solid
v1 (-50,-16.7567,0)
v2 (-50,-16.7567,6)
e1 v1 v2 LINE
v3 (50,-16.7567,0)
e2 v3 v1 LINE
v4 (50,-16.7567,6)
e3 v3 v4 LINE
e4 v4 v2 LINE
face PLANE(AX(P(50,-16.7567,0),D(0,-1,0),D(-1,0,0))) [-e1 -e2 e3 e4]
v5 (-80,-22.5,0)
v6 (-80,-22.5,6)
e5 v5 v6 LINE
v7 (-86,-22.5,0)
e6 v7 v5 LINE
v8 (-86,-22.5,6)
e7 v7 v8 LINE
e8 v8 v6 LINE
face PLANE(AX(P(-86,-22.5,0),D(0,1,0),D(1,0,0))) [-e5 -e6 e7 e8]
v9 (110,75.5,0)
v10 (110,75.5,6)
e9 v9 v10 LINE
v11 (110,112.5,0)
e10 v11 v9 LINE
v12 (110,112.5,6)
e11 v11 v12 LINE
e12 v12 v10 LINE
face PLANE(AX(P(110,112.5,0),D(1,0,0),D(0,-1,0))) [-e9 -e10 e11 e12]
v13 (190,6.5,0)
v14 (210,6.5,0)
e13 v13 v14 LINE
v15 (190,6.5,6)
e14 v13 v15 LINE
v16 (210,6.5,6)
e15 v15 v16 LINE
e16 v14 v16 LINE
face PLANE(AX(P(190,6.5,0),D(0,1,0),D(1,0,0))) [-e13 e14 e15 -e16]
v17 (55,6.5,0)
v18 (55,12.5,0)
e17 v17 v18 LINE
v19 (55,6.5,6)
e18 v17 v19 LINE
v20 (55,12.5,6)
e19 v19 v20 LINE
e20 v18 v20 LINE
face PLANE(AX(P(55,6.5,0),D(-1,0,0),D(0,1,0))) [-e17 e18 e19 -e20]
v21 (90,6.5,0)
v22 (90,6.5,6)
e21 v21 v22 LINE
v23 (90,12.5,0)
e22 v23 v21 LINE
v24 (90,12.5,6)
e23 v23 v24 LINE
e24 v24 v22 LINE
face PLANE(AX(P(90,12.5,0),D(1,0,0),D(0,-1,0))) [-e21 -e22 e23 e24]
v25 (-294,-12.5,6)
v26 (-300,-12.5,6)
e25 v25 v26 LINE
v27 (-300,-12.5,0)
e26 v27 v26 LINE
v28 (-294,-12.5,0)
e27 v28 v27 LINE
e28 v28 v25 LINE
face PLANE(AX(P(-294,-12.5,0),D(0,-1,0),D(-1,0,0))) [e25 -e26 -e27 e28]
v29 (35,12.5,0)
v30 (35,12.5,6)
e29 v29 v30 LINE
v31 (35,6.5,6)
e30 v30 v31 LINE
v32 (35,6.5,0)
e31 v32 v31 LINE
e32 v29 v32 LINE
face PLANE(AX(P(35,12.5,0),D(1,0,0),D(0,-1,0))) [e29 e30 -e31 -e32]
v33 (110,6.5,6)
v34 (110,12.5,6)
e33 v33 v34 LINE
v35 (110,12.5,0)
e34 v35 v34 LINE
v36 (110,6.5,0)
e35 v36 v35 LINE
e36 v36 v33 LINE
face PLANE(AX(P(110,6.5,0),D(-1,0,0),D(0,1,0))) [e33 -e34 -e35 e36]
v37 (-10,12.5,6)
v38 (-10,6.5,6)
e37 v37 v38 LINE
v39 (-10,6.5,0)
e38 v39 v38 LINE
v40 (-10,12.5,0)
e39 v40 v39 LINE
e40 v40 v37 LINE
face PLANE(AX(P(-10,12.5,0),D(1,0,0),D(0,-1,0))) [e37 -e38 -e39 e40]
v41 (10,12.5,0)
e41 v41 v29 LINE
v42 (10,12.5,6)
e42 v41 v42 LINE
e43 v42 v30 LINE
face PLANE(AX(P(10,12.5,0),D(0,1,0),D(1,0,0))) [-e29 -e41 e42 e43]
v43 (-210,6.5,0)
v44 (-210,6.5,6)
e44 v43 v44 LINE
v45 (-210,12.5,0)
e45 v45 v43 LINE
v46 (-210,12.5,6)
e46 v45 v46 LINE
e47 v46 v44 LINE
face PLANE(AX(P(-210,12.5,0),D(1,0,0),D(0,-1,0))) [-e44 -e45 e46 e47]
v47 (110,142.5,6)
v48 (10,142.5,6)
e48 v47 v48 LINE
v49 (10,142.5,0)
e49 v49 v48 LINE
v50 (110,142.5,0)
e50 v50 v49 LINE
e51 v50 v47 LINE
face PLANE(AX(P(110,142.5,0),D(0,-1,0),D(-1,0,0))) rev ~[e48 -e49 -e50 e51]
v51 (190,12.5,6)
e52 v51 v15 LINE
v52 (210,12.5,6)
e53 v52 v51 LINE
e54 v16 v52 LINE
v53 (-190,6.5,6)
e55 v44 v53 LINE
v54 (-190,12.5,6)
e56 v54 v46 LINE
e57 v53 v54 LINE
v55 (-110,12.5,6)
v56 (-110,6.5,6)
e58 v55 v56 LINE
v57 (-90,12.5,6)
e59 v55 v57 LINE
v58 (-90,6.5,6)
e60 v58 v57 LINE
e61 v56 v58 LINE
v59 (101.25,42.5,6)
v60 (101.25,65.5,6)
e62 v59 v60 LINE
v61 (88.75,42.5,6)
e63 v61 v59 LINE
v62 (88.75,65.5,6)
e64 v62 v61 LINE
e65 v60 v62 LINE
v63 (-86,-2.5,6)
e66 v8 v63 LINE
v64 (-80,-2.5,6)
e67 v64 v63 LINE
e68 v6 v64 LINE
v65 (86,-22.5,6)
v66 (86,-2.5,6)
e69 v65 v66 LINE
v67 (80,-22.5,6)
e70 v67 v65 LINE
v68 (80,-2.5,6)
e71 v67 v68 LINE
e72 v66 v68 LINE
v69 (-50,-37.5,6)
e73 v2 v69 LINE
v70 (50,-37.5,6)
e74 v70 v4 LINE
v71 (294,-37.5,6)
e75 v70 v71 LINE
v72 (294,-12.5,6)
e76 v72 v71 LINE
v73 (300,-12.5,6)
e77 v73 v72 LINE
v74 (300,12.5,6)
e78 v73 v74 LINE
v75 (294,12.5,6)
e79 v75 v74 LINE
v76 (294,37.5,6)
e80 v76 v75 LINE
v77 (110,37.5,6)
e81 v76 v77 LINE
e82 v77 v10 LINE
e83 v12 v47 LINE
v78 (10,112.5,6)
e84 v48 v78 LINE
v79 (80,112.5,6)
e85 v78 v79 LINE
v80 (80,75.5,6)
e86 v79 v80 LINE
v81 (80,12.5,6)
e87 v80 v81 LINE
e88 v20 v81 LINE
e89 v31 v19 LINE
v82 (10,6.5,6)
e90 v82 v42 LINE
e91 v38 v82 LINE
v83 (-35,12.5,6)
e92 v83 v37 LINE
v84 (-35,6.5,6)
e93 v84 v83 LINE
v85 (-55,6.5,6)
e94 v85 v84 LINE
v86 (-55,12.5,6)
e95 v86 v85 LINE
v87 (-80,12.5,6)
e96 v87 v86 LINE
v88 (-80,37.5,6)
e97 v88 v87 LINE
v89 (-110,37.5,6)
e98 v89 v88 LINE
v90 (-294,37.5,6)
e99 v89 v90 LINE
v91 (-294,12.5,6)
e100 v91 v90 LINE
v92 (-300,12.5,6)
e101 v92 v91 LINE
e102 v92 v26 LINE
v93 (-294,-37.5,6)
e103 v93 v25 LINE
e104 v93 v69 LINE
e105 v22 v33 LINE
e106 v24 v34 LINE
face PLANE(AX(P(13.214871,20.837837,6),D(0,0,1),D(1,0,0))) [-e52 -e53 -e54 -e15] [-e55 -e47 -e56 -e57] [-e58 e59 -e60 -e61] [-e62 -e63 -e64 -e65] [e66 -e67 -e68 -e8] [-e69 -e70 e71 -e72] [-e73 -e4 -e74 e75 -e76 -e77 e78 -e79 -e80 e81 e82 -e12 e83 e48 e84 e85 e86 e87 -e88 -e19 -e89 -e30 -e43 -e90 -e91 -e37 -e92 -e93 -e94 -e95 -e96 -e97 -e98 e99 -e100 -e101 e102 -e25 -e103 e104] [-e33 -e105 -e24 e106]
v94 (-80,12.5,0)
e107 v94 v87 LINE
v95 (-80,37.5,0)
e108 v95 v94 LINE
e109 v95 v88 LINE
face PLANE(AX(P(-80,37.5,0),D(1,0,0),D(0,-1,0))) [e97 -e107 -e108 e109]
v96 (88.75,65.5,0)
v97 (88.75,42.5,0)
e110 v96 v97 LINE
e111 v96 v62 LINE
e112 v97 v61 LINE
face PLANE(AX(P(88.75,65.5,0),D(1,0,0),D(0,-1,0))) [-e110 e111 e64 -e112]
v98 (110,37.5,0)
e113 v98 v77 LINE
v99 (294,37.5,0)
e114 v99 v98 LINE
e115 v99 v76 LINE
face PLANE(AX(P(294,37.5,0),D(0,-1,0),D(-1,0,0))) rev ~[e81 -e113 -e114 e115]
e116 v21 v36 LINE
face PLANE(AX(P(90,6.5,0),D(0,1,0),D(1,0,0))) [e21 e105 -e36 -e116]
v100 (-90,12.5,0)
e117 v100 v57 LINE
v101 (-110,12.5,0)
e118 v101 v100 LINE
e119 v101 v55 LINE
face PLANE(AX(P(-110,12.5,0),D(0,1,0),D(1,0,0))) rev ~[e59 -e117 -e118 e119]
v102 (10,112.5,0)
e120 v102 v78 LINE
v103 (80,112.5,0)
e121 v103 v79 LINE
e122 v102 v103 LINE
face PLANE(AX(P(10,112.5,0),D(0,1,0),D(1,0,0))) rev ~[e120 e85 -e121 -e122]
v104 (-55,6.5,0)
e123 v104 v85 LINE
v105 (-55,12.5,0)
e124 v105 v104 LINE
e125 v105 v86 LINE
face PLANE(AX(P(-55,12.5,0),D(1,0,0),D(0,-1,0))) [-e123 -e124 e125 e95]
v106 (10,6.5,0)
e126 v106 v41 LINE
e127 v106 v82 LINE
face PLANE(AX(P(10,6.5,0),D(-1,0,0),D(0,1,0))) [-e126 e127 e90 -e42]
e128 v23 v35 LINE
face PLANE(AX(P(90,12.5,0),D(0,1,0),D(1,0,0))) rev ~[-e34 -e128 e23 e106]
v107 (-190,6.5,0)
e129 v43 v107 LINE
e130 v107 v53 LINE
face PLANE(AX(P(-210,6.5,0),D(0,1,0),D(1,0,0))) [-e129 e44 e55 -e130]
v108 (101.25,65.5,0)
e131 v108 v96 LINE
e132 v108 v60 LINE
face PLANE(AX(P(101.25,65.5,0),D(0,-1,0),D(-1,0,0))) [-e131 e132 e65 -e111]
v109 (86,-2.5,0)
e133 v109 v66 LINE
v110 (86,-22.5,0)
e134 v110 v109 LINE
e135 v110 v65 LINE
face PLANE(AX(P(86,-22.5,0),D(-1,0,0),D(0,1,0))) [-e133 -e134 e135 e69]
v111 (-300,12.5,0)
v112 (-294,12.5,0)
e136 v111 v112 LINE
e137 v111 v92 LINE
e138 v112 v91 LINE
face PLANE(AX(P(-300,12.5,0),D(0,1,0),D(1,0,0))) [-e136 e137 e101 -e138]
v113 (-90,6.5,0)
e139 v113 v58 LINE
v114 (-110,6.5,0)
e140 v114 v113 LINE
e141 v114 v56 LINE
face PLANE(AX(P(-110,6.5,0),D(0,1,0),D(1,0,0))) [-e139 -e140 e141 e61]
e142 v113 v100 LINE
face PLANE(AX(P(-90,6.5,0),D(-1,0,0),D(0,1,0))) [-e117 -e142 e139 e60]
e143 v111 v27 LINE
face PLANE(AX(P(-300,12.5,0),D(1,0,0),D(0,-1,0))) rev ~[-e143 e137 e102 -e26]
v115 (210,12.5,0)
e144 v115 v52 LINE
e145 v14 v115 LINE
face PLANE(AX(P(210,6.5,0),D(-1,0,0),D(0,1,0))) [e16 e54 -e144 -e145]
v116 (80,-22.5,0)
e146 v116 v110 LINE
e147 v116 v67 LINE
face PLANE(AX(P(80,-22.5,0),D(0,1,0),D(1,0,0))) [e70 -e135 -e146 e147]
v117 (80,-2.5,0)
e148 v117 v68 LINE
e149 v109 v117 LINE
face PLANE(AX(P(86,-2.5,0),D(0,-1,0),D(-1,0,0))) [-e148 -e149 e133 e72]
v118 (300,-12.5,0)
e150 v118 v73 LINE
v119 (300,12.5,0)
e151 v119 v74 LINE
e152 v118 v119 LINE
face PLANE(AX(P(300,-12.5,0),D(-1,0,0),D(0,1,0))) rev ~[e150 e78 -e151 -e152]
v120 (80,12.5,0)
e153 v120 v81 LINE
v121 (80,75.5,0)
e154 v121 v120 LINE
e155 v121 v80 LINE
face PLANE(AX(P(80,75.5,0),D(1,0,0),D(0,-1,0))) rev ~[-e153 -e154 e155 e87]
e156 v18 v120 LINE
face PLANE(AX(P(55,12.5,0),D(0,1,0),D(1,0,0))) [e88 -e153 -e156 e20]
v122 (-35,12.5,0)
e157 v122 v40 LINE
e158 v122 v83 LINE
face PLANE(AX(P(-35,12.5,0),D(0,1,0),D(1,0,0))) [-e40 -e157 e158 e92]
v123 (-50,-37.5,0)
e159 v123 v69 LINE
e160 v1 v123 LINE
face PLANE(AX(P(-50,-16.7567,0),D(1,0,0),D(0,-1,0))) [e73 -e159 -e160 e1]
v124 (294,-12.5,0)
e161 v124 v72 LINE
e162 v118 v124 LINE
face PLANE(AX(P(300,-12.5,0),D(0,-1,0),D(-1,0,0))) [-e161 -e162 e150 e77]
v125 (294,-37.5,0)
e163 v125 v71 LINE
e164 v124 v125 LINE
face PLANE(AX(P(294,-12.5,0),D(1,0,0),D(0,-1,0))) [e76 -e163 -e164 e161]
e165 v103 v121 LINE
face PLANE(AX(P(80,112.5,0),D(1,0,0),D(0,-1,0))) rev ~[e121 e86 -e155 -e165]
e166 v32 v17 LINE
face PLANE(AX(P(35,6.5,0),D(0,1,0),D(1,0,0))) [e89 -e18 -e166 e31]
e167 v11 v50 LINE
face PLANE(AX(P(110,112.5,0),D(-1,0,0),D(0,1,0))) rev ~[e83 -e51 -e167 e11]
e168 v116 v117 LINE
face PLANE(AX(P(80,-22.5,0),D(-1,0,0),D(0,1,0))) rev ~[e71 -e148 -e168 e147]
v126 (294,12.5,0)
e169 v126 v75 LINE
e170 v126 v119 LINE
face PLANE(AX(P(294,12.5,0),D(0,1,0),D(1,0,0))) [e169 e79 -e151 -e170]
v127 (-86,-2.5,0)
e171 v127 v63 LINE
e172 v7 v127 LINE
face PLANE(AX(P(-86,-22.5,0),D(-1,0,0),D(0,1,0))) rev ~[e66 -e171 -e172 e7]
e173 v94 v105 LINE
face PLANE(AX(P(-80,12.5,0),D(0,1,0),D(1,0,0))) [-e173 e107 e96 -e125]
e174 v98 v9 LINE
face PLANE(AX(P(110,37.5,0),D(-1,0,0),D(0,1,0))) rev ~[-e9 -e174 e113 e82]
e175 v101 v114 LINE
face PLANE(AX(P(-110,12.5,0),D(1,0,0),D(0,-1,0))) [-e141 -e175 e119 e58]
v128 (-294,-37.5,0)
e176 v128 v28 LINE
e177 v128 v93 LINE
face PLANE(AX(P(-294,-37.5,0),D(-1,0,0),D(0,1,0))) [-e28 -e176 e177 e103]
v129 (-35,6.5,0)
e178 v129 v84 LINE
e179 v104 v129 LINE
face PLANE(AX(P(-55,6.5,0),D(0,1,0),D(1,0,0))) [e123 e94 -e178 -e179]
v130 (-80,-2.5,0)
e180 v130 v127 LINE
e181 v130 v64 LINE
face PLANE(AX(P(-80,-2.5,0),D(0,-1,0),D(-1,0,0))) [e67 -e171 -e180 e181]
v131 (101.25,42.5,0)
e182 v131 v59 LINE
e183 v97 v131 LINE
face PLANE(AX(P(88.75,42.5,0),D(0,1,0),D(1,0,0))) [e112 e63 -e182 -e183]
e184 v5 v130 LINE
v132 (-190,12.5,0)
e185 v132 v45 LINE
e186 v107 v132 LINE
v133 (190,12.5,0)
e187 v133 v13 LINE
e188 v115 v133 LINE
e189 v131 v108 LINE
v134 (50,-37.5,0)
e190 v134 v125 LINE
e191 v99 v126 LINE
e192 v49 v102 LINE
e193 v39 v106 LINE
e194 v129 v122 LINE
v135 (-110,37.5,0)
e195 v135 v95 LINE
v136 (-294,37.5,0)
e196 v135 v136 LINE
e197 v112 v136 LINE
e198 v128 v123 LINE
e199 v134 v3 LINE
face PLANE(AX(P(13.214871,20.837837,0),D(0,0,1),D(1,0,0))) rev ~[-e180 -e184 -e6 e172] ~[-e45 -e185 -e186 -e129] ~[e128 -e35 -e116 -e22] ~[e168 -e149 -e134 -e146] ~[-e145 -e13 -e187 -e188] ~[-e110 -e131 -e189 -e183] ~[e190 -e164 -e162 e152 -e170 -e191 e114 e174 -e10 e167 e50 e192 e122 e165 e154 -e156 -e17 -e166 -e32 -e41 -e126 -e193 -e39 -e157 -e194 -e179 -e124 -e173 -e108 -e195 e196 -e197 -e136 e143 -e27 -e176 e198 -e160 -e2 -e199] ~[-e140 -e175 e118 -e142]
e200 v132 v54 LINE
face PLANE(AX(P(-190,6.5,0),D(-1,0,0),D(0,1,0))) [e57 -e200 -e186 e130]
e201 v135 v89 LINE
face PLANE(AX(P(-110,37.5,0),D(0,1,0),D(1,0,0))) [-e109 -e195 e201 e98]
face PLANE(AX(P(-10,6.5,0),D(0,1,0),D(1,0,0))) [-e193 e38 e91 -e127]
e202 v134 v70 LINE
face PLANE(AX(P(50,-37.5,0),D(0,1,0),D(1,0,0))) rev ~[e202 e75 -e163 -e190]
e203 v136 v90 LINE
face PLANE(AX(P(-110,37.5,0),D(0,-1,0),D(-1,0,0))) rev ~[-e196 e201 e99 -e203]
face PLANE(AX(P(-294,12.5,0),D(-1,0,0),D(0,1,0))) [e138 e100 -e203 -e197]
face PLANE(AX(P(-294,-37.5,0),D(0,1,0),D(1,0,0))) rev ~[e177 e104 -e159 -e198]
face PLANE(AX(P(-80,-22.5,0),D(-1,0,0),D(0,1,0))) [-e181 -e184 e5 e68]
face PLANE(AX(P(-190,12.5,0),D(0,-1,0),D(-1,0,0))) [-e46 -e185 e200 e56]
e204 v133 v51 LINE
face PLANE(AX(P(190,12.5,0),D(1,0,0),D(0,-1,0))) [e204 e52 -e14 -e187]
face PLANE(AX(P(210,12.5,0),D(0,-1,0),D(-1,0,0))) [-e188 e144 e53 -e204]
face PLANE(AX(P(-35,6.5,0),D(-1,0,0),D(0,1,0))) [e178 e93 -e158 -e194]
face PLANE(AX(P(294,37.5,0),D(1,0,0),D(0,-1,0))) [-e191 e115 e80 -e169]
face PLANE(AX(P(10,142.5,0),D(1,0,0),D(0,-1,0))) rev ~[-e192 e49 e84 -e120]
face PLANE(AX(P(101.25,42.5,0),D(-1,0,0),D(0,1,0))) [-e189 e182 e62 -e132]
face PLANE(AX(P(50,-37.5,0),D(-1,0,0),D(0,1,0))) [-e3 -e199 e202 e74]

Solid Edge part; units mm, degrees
sketch "Sketch1" plane through (0, 0, 0) normal (0, 0, 1) x (1, 0, 0)
  line L0 (-110, 6.5) -> (-90, 6.5)
  line L1 (-90, 6.5) -> (-90, 12.5)
  line L2 (-110, 12.5) -> (-90, 12.5)
  line L3 (-110, 12.5) -> (-110, 6.5)
  line L4 (110, 142.5) -> (10, 142.5)
  line L5 (10, 142.5) -> (10, 112.5)
  line L6 (10, 112.5) -> (80, 112.5)
  line L7 (80, 112.5) -> (80, 75.5)
  line L8 (80, 75.5) -> (80, 12.5)
  line L9 (55, 12.5) -> (80, 12.5)
  line L10 (55, 6.5) -> (55, 12.5)
  line L11 (35, 6.5) -> (55, 6.5)
  line L12 (35, 12.5) -> (35, 6.5)
  line L13 (10, 12.5) -> (35, 12.5)
  line L14 (10, 6.5) -> (10, 12.5)
  line L15 (-10, 6.5) -> (10, 6.5)
  line L16 (-10, 12.5) -> (-10, 6.5)
  line L17 (-35, 12.5) -> (-10, 12.5)
  line L18 (-35, 6.5) -> (-35, 12.5)
  line L19 (-55, 6.5) -> (-35, 6.5)
  line L20 (-55, 12.5) -> (-55, 6.5)
  line L21 (-80, 12.5) -> (-55, 12.5)
  line L22 (-80, 37.5) -> (-80, 12.5)
  line L23 (-110, 37.5) -> (-80, 37.5)
  line L24 (-110, 37.5) -> (-294, 37.5)
  line L25 (-294, 12.5) -> (-294, 37.5)
  line L26 (-300, 12.5) -> (-294, 12.5)
  line L27 (-300, 12.5) -> (-300, -12.5)
  line L28 (-294, -12.5) -> (-300, -12.5)
  line L29 (-294, -37.5) -> (-294, -12.5)
  line L30 (-294, -37.5) -> (-50, -37.5)
  line L31 (-50, -16.7567) -> (-50, -37.5)
  line L32 (50, -16.7567) -> (-50, -16.7567)
  line L33 (50, -37.5) -> (50, -16.7567)
  line L34 (50, -37.5) -> (294, -37.5)
  line L35 (294, -12.5) -> (294, -37.5)
  line L36 (300, -12.5) -> (294, -12.5)
  line L37 (300, -12.5) -> (300, 12.5)
  line L38 (294, 12.5) -> (300, 12.5)
  line L39 (294, 37.5) -> (294, 12.5)
  line L40 (294, 37.5) -> (110, 37.5)
  line L41 (110, 37.5) -> (110, 75.5)
  line L42 (110, 112.5) -> (110, 75.5)
  line L43 (110, 112.5) -> (110, 142.5)
  line L44 (90, 6.5) -> (110, 6.5)
  line L45 (110, 6.5) -> (110, 12.5)
  line L46 (90, 12.5) -> (110, 12.5)
  line L47 (90, 12.5) -> (90, 6.5)
  line L48 (190, 6.5) -> (210, 6.5)
  line L49 (210, 6.5) -> (210, 12.5)
  line L50 (210, 12.5) -> (190, 12.5)
  line L51 (190, 12.5) -> (190, 6.5)
  line L52 (88.75, 42.5) -> (101.25, 42.5)
  line L53 (101.25, 42.5) -> (101.25, 65.5)
  line L54 (101.25, 65.5) -> (88.75, 65.5)
  line L55 (88.75, 65.5) -> (88.75, 42.5)
  line L56 (-80, -22.5) -> (-80, -2.5)
  line L57 (-80, -2.5) -> (-86, -2.5)
  line L58 (-86, -22.5) -> (-86, -2.5)
  line L59 (-86, -22.5) -> (-80, -22.5)
  line L60 (86, -22.5) -> (86, -2.5)
  line L61 (86, -2.5) -> (80, -2.5)
  line L62 (80, -22.5) -> (80, -2.5)
  line L63 (80, -22.5) -> (86, -22.5)
  line L64 (-210, 6.5) -> (-190, 6.5)
  line L65 (-190, 6.5) -> (-190, 12.5)
  line L66 (-190, 12.5) -> (-210, 12.5)
  line L67 (-210, 12.5) -> (-210, 6.5)
  dimension "D1" = 20
  dimension "D2" = 6
  dimension "D3" = 20
  dimension "D4" = 6
  dimension "D5" = 20
  dimension "D6" = 6
  dimension "D7" = 20
  dimension "D8" = 6
  dimension "D9" = 25
  dimension "D10" = 84
  dimension "D11" = 25
  dimension "D12" = 80
  dimension "D13" = 80
  dimension "D14" = 84
  dimension "D15" = 30
  dimension "D16" = 12.5
  dimension "D17" = 23
  dimension "D18" = 30
  dimension "D19" = 20
  dimension "D20" = 6
  dimension "D21" = 15
  dimension "D22" = 20
  dimension "D23" = 6
  dimension "D24" = 15
  dimension "D25" = 6
  dimension "D26" = 6
  dimension "D27" = 100
  dimension "D28" = 244
  dimension "D29" = 6
extrude "Protrusion1" add sketch "Sketch1" along normal blind 6
